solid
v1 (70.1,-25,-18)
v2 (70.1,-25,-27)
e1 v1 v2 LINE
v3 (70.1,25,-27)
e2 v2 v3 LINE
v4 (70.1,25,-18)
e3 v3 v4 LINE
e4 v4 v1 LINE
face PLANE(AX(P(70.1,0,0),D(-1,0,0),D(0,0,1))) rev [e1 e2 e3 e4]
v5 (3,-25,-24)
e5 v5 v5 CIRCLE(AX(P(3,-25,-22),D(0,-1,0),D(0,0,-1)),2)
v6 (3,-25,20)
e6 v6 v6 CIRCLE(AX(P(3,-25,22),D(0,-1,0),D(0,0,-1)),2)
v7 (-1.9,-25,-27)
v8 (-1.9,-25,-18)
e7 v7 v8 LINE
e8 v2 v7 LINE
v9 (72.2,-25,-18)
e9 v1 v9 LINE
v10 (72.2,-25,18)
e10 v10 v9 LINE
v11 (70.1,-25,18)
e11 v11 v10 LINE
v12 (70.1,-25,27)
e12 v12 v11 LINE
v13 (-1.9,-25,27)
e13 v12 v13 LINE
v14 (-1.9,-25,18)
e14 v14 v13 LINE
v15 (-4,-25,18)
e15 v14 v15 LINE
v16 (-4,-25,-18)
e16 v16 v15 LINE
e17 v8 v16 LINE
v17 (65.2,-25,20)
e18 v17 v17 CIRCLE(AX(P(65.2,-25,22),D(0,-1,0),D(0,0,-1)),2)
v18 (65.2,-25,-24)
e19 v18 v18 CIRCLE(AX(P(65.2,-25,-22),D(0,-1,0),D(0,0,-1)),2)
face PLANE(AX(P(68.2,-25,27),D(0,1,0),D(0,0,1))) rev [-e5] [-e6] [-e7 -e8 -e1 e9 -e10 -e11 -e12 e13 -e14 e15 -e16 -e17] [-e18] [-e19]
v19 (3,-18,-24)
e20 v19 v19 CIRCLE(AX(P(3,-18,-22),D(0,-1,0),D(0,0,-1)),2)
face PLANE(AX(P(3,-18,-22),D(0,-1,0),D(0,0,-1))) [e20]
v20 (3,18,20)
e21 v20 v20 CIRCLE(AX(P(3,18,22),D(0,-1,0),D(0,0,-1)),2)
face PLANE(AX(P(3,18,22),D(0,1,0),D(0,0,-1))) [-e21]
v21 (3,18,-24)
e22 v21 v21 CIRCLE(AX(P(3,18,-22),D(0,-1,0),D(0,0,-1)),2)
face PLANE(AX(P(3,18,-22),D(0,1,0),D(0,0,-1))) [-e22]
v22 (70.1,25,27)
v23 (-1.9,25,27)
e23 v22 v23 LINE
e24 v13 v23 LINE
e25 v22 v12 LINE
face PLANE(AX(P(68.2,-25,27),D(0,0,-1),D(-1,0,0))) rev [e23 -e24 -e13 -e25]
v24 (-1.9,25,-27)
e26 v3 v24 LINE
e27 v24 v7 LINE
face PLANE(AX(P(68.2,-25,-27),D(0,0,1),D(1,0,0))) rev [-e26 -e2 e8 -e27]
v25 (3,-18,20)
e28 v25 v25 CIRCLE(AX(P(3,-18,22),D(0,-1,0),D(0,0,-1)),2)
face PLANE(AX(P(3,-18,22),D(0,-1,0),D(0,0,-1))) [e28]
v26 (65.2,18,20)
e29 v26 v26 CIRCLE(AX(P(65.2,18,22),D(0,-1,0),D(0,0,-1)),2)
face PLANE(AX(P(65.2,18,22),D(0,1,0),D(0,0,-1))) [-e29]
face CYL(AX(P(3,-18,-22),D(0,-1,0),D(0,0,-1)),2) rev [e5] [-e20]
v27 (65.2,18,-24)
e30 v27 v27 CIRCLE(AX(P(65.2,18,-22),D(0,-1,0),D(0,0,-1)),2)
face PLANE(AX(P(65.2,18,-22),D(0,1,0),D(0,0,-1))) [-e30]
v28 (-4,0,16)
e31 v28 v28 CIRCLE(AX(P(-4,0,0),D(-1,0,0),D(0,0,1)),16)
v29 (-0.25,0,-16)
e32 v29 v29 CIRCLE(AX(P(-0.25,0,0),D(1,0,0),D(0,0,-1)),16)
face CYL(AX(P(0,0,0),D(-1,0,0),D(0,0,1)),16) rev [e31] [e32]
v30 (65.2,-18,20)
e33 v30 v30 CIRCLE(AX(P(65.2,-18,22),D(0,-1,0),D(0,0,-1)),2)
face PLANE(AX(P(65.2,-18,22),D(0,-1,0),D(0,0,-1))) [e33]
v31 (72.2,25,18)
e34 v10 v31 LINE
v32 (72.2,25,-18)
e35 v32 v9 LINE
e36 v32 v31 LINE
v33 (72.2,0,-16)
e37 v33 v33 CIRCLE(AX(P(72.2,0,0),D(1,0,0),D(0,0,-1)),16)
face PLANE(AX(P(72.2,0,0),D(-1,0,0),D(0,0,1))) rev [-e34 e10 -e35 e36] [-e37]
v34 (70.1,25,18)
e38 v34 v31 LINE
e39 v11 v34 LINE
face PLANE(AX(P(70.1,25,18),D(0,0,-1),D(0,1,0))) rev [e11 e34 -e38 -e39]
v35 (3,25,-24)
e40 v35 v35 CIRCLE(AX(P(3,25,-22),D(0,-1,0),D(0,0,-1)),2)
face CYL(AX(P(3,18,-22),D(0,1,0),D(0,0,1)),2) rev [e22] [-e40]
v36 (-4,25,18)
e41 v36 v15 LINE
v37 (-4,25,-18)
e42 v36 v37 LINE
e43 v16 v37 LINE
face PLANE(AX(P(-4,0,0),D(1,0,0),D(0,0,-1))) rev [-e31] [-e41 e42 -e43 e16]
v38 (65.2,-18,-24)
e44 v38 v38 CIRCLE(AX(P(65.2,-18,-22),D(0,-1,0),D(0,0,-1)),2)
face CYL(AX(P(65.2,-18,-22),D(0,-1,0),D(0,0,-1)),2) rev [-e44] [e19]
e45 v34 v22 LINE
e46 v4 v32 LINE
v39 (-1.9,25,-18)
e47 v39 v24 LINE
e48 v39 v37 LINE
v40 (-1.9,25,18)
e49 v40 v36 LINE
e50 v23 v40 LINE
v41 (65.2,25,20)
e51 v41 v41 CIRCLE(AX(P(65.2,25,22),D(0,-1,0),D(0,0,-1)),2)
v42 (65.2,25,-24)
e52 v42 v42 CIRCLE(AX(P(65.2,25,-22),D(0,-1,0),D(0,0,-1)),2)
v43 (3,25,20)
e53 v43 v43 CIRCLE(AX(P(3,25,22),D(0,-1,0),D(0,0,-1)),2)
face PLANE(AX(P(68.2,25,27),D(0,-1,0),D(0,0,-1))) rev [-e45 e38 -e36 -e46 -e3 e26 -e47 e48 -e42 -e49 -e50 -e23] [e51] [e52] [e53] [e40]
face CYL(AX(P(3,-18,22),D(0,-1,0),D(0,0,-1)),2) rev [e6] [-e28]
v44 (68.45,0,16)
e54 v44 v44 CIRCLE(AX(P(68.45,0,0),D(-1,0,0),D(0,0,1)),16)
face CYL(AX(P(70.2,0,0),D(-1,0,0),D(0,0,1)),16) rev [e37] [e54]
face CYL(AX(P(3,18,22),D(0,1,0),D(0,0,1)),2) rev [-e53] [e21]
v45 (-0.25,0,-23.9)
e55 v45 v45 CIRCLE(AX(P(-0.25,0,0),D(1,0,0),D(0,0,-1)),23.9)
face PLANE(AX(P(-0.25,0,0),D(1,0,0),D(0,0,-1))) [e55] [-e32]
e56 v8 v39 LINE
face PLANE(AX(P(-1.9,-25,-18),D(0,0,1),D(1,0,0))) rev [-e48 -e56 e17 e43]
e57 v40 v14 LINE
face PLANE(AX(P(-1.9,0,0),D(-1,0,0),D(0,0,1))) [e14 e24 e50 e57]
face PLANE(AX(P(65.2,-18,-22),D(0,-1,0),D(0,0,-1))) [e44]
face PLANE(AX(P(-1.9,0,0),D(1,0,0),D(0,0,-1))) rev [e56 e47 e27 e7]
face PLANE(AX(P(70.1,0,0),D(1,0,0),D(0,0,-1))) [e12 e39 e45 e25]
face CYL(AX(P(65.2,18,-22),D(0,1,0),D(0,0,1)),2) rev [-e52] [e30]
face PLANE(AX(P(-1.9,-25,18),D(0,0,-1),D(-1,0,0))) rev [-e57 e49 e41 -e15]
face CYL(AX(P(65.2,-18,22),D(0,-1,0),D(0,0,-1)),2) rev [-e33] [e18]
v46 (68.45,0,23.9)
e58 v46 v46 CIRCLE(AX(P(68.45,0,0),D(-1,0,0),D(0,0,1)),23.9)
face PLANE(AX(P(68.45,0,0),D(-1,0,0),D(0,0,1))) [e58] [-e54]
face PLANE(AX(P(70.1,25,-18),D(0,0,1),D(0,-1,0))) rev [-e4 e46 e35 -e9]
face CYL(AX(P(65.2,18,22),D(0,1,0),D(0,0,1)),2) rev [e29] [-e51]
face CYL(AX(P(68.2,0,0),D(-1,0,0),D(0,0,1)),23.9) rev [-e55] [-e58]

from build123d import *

# Parameters (mm, degrees)
SKETCH1_W           = 54
SKETCH1_H           = 50
SKETCH1_R           = 23.9
BOSS_EXTRUDE1_DEPTH = 68.2
SKETCH2_W           = 54
SKETCH2_H           = 50
SKETCH2_R           = 16
BOSS_EXTRUDE2_DEPTH = 2
LPATTERN1_COUNT     = 2
LPATTERN1_PITCH     = 70.2
SKETCH3_R           = 2
CUT_EXTRUDE1_DEPTH  = 7
BOSS_EXTRUDE5_START = 2
SKETCH7_W           = 54
SKETCH7_H           = 50
SKETCH7_R           = 16
BOSS_EXTRUDE5_DEPTH = 2
SKETCH6_W           = 54
SKETCH6_H           = 50
SKETCH6_R           = 16
BOSS_EXTRUDE6_DEPTH = 2
SKETCH8_R           = 23.9
CUT_EXTRUDE2_DEPTH  = 0.25
CUT_EXTRUDE3_START  = -0.25
SKETCH9_R           = 23.9
CUT_EXTRUDE3_DEPTH  = 0.25
SKETCH10_W          = 9
SKETCH10_H          = 50
CUT_EXTRUDE4_DEPTH  = 2.1
SKETCH11_W          = 9
SKETCH11_H          = 50
CUT_EXTRUDE5_DEPTH  = 2.1


with BuildPart() as part:
    # Sketch1 → Boss-Extrude1 (new body)
    with BuildSketch(Plane(origin=(0, 0, 0), x_dir=(0, 0, -1), z_dir=(1, 0, 0))):
        Rectangle(SKETCH1_W, SKETCH1_H)
        Circle(SKETCH1_R, mode=Mode.SUBTRACT)
    extrude(amount=BOSS_EXTRUDE1_DEPTH)

    # Sketch2 → Boss-Extrude2 (add)
    with BuildSketch(Plane(origin=(68.2, 0, 0), x_dir=(0, 0, -1), z_dir=(1, 0, 0))):
        Rectangle(SKETCH2_W, SKETCH2_H)
        Circle(SKETCH2_R, mode=Mode.SUBTRACT)
    boss_extrude2 = extrude(amount=BOSS_EXTRUDE2_DEPTH)

    # LPattern1: Boss-Extrude2 ×2
    with Locations(*[(-i * LPATTERN1_PITCH, 0, 0) for i in range(1, LPATTERN1_COUNT)]):
        add(boss_extrude2)

    # Sketch3 → Cut-Extrude1 (cut)
    with BuildSketch(Plane.XZ.offset(25)):
        with Locations(Location((3, 22, 0), (0, 0, 270))):
            Circle(SKETCH3_R)
        with Locations(Location((65.2, 22, 0), (0, 0, 270))):
            Circle(SKETCH3_R)
        with Locations(Location((65.2, -22, 0), (0, 0, 270))):
            Circle(SKETCH3_R)
        with Locations(Location((3, -22, 0), (0, 0, 270))):
            Circle(SKETCH3_R)
    cut_extrude1 = extrude(amount=-CUT_EXTRUDE1_DEPTH, mode=Mode.SUBTRACT)

    # Mirror1: Cut-Extrude1 across plane
    add(cut_extrude1.mirror(Plane.ZX), mode=Mode.SUBTRACT)

    # Sketch7 → Boss-Extrude5 (add)
    with BuildSketch(Plane.ZY.offset(2).offset(BOSS_EXTRUDE5_START)):
        Rectangle(SKETCH7_W, SKETCH7_H)
        with Locations(Location((0, 0, 0), (0, 0, 180))):
            Circle(SKETCH7_R, mode=Mode.SUBTRACT)
    extrude(amount=-BOSS_EXTRUDE5_DEPTH)

    # Sketch6 → Boss-Extrude6 (add)
    with BuildSketch(Plane(origin=(70.2, 0, 0), x_dir=(0, 0, -1), z_dir=(1, 0, 0))):
        Rectangle(SKETCH6_W, SKETCH6_H)
        Circle(SKETCH6_R, mode=Mode.SUBTRACT)
    extrude(amount=BOSS_EXTRUDE6_DEPTH)

    # Sketch8 → Cut-Extrude2 (cut)
    with BuildSketch(Plane.ZY.offset(-68.2)):
        Circle(SKETCH8_R)
    extrude(amount=-CUT_EXTRUDE2_DEPTH, mode=Mode.SUBTRACT)

    # Sketch9 → Cut-Extrude3 (cut)
    with BuildSketch(Plane(origin=(0, 0, 0), x_dir=(0, 0, -1), z_dir=(1, 0, 0)).offset(CUT_EXTRUDE3_START)):
        with Locations(Location((0, 0, 0), (0, 0, 180))):
            Circle(SKETCH9_R)
    extrude(amount=CUT_EXTRUDE3_DEPTH, mode=Mode.SUBTRACT)

    # Sketch10 → Cut-Extrude4 (cut)
    with BuildSketch(Plane(origin=(72.2, 0, 0), x_dir=(0, 0, -1), z_dir=(1, 0, 0))):
        with Locations((-22.5, 0)):
            Rectangle(SKETCH10_W, SKETCH10_H)
        with Locations((22.5, 0)):
            Rectangle(SKETCH10_W, SKETCH10_H)
    extrude(amount=-CUT_EXTRUDE4_DEPTH, mode=Mode.SUBTRACT)

    # Sketch11 → Cut-Extrude5 (cut)
    with BuildSketch(Plane.ZY.offset(4)):
        with Locations((-22.5, 0)):
            Rectangle(SKETCH11_W, SKETCH11_H)
        with Locations((22.5, 0)):
            Rectangle(SKETCH11_W, SKETCH11_H)
    extrude(amount=-CUT_EXTRUDE5_DEPTH, mode=Mode.SUBTRACT)


solid = part.part
